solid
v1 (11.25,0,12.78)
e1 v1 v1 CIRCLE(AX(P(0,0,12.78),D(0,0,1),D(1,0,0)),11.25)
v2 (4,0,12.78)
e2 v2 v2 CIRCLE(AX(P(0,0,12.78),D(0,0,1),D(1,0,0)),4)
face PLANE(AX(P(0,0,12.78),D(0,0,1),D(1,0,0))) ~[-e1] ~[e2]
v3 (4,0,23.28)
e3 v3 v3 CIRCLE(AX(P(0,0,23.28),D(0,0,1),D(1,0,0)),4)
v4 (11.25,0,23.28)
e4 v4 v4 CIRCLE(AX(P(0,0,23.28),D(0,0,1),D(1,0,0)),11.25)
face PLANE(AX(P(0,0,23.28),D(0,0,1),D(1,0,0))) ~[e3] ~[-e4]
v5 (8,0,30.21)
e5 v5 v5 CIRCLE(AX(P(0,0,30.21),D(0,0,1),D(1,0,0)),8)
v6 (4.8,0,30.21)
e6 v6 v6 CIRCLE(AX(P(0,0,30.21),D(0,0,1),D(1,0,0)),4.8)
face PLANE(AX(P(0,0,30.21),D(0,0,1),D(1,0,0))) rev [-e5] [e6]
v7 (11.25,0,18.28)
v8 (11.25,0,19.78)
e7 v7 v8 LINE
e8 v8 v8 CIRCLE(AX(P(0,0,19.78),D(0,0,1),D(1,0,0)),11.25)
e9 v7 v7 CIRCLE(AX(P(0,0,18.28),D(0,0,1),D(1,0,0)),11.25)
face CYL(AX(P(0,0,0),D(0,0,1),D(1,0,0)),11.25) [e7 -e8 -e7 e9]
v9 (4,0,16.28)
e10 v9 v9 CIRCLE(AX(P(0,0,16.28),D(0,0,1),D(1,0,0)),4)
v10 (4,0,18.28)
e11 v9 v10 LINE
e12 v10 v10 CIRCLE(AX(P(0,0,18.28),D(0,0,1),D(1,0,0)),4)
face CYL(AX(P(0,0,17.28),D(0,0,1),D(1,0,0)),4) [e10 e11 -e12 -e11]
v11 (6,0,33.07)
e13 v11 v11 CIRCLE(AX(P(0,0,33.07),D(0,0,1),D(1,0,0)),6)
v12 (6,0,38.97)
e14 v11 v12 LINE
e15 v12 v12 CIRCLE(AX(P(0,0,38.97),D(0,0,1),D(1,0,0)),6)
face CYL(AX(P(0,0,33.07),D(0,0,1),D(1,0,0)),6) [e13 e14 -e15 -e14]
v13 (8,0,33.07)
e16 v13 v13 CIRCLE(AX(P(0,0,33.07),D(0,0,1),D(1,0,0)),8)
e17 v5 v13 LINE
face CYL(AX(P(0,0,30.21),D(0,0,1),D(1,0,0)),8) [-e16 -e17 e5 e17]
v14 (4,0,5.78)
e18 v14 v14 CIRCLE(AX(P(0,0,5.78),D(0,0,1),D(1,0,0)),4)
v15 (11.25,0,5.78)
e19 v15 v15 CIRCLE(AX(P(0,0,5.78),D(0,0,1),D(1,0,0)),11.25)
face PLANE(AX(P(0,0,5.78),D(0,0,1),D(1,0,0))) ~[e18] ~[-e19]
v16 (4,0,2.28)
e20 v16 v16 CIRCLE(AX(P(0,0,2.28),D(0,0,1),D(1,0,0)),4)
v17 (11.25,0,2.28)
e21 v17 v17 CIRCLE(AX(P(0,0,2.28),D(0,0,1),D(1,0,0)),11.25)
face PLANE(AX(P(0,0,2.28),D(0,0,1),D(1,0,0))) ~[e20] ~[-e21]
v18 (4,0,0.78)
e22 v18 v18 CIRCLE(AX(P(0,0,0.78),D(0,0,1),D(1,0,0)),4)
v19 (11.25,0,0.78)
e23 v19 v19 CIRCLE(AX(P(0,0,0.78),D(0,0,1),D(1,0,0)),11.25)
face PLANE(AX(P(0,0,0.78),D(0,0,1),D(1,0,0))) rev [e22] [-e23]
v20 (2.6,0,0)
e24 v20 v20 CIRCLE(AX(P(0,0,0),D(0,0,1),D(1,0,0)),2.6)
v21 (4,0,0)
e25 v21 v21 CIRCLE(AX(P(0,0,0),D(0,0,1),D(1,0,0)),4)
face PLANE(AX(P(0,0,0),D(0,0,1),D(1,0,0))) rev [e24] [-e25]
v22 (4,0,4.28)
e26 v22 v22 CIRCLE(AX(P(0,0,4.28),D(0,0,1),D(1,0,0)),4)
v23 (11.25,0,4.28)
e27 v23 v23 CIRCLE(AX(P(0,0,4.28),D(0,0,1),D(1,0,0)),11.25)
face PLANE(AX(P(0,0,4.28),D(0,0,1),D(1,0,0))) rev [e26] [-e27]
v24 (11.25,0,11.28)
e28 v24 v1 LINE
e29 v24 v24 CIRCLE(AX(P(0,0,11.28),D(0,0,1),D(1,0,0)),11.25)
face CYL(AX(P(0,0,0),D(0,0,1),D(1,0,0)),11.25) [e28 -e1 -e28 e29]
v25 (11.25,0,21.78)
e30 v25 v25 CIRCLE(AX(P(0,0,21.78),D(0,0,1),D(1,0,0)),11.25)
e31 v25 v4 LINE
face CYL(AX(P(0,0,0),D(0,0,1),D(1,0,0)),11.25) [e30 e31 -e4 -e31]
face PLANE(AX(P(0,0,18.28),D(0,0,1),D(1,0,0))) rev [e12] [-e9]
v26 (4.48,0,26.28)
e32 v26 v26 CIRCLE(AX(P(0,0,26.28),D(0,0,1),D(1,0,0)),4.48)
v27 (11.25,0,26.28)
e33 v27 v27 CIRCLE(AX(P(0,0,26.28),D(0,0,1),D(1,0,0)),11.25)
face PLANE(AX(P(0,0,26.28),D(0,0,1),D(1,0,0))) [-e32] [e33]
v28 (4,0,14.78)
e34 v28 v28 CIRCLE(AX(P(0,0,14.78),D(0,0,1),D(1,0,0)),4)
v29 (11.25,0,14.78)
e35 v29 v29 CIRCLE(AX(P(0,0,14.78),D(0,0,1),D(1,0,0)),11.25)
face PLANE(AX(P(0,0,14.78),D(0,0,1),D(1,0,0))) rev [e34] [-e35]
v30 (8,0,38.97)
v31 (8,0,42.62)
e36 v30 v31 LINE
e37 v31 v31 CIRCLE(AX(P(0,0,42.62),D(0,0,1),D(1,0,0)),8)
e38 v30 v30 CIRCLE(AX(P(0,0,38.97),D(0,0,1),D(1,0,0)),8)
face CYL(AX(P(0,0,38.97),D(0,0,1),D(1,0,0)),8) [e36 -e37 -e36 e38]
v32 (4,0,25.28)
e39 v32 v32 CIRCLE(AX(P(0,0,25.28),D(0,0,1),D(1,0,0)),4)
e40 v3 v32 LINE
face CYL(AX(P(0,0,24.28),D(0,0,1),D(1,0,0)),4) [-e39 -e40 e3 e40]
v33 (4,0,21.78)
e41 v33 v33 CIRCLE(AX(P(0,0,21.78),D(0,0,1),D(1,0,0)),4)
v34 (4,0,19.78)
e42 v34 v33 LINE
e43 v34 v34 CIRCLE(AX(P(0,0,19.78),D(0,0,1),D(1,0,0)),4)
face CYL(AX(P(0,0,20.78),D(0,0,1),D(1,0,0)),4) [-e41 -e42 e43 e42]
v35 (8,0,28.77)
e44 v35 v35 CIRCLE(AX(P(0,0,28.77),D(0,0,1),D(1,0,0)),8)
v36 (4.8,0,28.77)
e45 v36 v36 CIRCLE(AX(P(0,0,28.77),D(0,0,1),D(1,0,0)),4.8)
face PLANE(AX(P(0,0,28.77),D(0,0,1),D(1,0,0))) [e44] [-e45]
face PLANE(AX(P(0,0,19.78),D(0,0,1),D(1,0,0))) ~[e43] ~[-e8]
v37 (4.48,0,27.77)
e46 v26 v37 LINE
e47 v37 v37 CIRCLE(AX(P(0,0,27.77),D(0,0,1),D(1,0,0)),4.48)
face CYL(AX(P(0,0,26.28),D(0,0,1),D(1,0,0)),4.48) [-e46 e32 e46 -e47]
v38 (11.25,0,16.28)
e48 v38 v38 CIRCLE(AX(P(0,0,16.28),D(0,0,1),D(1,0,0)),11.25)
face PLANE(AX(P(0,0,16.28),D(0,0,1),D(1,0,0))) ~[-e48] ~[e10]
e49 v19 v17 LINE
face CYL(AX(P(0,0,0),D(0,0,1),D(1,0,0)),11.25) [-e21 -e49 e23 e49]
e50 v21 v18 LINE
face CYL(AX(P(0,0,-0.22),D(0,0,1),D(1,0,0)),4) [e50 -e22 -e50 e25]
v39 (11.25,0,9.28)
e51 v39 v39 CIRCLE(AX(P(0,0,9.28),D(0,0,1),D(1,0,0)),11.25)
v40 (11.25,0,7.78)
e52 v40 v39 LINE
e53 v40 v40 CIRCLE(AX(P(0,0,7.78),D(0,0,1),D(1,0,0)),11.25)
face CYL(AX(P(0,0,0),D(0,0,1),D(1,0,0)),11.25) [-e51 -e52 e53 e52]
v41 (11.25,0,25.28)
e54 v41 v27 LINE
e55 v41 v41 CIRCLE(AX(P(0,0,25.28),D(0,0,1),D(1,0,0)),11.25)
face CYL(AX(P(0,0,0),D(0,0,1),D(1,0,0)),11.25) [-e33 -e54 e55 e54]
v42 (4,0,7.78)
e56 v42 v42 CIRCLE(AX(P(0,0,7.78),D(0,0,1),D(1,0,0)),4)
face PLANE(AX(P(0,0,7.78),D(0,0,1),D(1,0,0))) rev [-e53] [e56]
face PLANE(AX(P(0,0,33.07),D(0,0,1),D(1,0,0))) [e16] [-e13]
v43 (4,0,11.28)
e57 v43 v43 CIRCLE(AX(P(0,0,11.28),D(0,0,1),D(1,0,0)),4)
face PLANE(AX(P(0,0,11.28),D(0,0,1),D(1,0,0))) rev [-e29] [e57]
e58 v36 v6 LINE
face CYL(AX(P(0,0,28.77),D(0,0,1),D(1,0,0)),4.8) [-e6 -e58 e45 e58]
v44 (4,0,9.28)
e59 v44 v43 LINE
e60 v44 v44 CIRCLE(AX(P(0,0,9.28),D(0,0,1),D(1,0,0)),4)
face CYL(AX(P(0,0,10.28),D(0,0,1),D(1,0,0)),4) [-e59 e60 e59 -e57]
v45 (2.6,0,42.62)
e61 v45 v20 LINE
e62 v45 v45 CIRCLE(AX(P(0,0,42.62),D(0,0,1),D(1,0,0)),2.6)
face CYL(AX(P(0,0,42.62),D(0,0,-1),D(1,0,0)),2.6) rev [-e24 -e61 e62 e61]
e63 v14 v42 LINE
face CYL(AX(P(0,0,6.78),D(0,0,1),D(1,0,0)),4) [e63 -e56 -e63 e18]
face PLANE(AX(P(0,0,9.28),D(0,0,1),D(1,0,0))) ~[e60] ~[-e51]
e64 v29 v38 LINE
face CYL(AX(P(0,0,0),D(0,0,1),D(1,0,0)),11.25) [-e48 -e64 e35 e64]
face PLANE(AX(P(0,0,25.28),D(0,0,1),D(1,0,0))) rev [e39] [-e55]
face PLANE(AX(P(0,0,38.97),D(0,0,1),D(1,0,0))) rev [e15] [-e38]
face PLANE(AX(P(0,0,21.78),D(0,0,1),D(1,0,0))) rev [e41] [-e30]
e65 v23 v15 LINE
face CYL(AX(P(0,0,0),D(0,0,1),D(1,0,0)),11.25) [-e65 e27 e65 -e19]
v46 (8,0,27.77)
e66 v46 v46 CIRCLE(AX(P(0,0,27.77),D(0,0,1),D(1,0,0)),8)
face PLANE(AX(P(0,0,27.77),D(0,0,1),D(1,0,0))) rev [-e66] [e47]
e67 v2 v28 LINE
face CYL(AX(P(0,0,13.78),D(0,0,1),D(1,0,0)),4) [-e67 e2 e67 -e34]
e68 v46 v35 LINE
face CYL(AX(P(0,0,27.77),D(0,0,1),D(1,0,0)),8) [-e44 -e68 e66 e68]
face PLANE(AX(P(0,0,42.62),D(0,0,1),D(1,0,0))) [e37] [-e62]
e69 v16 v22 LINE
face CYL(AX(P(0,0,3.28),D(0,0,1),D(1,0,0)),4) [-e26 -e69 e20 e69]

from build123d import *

# Parameters (mm, degrees)
F2_W = 11.213089
F2_H = 2


with BuildPart() as f1:
    # F0 (on Front) → F1 (revolve)
    with BuildSketch(Plane.XZ):
        Polygon((2.6, 42.62), (2.6, 0), (11.25, 0), (11.25, 26.28), (4.48, 26.28), (4.48, 27.77), (8, 27.77), (8, 28.77), (4.8, 28.77), (4.8, 30.21), (8, 30.21), (8, 33.07), (6, 33.07), (6, 38.97), (8, 38.97), (8, 42.62), align=None)
    revolve(axis=Axis((0, 0, 5.449006), (0, 0, 1)))

    # F2 (on Front) → F3 (revolve, cut)
    with BuildSketch(Plane.XZ):
        with Locations((9.606545, -3.72)):
            Rectangle(F2_W, F2_H)
        with Locations((9.606545, -0.22)):
            Rectangle(F2_W, F2_H)
        with Locations((9.606545, 3.28)):
            Rectangle(F2_W, F2_H)
        with Locations((9.606545, 6.78)):
            Rectangle(F2_W, F2_H)
        with Locations((9.606545, 10.28)):
            Rectangle(F2_W, F2_H)
        with Locations((9.606545, 13.78)):
            Rectangle(F2_W, F2_H)
        with Locations((9.606545, 17.28)):
            Rectangle(F2_W, F2_H)
        with Locations((9.606545, 20.78)):
            Rectangle(F2_W, F2_H)
        with Locations((9.606545, 24.28)):
            Rectangle(F2_W, F2_H)
    revolve(axis=Axis((0, 0, 3.329653), (0, 0, 1)), mode=Mode.SUBTRACT)


solid = f1.part
